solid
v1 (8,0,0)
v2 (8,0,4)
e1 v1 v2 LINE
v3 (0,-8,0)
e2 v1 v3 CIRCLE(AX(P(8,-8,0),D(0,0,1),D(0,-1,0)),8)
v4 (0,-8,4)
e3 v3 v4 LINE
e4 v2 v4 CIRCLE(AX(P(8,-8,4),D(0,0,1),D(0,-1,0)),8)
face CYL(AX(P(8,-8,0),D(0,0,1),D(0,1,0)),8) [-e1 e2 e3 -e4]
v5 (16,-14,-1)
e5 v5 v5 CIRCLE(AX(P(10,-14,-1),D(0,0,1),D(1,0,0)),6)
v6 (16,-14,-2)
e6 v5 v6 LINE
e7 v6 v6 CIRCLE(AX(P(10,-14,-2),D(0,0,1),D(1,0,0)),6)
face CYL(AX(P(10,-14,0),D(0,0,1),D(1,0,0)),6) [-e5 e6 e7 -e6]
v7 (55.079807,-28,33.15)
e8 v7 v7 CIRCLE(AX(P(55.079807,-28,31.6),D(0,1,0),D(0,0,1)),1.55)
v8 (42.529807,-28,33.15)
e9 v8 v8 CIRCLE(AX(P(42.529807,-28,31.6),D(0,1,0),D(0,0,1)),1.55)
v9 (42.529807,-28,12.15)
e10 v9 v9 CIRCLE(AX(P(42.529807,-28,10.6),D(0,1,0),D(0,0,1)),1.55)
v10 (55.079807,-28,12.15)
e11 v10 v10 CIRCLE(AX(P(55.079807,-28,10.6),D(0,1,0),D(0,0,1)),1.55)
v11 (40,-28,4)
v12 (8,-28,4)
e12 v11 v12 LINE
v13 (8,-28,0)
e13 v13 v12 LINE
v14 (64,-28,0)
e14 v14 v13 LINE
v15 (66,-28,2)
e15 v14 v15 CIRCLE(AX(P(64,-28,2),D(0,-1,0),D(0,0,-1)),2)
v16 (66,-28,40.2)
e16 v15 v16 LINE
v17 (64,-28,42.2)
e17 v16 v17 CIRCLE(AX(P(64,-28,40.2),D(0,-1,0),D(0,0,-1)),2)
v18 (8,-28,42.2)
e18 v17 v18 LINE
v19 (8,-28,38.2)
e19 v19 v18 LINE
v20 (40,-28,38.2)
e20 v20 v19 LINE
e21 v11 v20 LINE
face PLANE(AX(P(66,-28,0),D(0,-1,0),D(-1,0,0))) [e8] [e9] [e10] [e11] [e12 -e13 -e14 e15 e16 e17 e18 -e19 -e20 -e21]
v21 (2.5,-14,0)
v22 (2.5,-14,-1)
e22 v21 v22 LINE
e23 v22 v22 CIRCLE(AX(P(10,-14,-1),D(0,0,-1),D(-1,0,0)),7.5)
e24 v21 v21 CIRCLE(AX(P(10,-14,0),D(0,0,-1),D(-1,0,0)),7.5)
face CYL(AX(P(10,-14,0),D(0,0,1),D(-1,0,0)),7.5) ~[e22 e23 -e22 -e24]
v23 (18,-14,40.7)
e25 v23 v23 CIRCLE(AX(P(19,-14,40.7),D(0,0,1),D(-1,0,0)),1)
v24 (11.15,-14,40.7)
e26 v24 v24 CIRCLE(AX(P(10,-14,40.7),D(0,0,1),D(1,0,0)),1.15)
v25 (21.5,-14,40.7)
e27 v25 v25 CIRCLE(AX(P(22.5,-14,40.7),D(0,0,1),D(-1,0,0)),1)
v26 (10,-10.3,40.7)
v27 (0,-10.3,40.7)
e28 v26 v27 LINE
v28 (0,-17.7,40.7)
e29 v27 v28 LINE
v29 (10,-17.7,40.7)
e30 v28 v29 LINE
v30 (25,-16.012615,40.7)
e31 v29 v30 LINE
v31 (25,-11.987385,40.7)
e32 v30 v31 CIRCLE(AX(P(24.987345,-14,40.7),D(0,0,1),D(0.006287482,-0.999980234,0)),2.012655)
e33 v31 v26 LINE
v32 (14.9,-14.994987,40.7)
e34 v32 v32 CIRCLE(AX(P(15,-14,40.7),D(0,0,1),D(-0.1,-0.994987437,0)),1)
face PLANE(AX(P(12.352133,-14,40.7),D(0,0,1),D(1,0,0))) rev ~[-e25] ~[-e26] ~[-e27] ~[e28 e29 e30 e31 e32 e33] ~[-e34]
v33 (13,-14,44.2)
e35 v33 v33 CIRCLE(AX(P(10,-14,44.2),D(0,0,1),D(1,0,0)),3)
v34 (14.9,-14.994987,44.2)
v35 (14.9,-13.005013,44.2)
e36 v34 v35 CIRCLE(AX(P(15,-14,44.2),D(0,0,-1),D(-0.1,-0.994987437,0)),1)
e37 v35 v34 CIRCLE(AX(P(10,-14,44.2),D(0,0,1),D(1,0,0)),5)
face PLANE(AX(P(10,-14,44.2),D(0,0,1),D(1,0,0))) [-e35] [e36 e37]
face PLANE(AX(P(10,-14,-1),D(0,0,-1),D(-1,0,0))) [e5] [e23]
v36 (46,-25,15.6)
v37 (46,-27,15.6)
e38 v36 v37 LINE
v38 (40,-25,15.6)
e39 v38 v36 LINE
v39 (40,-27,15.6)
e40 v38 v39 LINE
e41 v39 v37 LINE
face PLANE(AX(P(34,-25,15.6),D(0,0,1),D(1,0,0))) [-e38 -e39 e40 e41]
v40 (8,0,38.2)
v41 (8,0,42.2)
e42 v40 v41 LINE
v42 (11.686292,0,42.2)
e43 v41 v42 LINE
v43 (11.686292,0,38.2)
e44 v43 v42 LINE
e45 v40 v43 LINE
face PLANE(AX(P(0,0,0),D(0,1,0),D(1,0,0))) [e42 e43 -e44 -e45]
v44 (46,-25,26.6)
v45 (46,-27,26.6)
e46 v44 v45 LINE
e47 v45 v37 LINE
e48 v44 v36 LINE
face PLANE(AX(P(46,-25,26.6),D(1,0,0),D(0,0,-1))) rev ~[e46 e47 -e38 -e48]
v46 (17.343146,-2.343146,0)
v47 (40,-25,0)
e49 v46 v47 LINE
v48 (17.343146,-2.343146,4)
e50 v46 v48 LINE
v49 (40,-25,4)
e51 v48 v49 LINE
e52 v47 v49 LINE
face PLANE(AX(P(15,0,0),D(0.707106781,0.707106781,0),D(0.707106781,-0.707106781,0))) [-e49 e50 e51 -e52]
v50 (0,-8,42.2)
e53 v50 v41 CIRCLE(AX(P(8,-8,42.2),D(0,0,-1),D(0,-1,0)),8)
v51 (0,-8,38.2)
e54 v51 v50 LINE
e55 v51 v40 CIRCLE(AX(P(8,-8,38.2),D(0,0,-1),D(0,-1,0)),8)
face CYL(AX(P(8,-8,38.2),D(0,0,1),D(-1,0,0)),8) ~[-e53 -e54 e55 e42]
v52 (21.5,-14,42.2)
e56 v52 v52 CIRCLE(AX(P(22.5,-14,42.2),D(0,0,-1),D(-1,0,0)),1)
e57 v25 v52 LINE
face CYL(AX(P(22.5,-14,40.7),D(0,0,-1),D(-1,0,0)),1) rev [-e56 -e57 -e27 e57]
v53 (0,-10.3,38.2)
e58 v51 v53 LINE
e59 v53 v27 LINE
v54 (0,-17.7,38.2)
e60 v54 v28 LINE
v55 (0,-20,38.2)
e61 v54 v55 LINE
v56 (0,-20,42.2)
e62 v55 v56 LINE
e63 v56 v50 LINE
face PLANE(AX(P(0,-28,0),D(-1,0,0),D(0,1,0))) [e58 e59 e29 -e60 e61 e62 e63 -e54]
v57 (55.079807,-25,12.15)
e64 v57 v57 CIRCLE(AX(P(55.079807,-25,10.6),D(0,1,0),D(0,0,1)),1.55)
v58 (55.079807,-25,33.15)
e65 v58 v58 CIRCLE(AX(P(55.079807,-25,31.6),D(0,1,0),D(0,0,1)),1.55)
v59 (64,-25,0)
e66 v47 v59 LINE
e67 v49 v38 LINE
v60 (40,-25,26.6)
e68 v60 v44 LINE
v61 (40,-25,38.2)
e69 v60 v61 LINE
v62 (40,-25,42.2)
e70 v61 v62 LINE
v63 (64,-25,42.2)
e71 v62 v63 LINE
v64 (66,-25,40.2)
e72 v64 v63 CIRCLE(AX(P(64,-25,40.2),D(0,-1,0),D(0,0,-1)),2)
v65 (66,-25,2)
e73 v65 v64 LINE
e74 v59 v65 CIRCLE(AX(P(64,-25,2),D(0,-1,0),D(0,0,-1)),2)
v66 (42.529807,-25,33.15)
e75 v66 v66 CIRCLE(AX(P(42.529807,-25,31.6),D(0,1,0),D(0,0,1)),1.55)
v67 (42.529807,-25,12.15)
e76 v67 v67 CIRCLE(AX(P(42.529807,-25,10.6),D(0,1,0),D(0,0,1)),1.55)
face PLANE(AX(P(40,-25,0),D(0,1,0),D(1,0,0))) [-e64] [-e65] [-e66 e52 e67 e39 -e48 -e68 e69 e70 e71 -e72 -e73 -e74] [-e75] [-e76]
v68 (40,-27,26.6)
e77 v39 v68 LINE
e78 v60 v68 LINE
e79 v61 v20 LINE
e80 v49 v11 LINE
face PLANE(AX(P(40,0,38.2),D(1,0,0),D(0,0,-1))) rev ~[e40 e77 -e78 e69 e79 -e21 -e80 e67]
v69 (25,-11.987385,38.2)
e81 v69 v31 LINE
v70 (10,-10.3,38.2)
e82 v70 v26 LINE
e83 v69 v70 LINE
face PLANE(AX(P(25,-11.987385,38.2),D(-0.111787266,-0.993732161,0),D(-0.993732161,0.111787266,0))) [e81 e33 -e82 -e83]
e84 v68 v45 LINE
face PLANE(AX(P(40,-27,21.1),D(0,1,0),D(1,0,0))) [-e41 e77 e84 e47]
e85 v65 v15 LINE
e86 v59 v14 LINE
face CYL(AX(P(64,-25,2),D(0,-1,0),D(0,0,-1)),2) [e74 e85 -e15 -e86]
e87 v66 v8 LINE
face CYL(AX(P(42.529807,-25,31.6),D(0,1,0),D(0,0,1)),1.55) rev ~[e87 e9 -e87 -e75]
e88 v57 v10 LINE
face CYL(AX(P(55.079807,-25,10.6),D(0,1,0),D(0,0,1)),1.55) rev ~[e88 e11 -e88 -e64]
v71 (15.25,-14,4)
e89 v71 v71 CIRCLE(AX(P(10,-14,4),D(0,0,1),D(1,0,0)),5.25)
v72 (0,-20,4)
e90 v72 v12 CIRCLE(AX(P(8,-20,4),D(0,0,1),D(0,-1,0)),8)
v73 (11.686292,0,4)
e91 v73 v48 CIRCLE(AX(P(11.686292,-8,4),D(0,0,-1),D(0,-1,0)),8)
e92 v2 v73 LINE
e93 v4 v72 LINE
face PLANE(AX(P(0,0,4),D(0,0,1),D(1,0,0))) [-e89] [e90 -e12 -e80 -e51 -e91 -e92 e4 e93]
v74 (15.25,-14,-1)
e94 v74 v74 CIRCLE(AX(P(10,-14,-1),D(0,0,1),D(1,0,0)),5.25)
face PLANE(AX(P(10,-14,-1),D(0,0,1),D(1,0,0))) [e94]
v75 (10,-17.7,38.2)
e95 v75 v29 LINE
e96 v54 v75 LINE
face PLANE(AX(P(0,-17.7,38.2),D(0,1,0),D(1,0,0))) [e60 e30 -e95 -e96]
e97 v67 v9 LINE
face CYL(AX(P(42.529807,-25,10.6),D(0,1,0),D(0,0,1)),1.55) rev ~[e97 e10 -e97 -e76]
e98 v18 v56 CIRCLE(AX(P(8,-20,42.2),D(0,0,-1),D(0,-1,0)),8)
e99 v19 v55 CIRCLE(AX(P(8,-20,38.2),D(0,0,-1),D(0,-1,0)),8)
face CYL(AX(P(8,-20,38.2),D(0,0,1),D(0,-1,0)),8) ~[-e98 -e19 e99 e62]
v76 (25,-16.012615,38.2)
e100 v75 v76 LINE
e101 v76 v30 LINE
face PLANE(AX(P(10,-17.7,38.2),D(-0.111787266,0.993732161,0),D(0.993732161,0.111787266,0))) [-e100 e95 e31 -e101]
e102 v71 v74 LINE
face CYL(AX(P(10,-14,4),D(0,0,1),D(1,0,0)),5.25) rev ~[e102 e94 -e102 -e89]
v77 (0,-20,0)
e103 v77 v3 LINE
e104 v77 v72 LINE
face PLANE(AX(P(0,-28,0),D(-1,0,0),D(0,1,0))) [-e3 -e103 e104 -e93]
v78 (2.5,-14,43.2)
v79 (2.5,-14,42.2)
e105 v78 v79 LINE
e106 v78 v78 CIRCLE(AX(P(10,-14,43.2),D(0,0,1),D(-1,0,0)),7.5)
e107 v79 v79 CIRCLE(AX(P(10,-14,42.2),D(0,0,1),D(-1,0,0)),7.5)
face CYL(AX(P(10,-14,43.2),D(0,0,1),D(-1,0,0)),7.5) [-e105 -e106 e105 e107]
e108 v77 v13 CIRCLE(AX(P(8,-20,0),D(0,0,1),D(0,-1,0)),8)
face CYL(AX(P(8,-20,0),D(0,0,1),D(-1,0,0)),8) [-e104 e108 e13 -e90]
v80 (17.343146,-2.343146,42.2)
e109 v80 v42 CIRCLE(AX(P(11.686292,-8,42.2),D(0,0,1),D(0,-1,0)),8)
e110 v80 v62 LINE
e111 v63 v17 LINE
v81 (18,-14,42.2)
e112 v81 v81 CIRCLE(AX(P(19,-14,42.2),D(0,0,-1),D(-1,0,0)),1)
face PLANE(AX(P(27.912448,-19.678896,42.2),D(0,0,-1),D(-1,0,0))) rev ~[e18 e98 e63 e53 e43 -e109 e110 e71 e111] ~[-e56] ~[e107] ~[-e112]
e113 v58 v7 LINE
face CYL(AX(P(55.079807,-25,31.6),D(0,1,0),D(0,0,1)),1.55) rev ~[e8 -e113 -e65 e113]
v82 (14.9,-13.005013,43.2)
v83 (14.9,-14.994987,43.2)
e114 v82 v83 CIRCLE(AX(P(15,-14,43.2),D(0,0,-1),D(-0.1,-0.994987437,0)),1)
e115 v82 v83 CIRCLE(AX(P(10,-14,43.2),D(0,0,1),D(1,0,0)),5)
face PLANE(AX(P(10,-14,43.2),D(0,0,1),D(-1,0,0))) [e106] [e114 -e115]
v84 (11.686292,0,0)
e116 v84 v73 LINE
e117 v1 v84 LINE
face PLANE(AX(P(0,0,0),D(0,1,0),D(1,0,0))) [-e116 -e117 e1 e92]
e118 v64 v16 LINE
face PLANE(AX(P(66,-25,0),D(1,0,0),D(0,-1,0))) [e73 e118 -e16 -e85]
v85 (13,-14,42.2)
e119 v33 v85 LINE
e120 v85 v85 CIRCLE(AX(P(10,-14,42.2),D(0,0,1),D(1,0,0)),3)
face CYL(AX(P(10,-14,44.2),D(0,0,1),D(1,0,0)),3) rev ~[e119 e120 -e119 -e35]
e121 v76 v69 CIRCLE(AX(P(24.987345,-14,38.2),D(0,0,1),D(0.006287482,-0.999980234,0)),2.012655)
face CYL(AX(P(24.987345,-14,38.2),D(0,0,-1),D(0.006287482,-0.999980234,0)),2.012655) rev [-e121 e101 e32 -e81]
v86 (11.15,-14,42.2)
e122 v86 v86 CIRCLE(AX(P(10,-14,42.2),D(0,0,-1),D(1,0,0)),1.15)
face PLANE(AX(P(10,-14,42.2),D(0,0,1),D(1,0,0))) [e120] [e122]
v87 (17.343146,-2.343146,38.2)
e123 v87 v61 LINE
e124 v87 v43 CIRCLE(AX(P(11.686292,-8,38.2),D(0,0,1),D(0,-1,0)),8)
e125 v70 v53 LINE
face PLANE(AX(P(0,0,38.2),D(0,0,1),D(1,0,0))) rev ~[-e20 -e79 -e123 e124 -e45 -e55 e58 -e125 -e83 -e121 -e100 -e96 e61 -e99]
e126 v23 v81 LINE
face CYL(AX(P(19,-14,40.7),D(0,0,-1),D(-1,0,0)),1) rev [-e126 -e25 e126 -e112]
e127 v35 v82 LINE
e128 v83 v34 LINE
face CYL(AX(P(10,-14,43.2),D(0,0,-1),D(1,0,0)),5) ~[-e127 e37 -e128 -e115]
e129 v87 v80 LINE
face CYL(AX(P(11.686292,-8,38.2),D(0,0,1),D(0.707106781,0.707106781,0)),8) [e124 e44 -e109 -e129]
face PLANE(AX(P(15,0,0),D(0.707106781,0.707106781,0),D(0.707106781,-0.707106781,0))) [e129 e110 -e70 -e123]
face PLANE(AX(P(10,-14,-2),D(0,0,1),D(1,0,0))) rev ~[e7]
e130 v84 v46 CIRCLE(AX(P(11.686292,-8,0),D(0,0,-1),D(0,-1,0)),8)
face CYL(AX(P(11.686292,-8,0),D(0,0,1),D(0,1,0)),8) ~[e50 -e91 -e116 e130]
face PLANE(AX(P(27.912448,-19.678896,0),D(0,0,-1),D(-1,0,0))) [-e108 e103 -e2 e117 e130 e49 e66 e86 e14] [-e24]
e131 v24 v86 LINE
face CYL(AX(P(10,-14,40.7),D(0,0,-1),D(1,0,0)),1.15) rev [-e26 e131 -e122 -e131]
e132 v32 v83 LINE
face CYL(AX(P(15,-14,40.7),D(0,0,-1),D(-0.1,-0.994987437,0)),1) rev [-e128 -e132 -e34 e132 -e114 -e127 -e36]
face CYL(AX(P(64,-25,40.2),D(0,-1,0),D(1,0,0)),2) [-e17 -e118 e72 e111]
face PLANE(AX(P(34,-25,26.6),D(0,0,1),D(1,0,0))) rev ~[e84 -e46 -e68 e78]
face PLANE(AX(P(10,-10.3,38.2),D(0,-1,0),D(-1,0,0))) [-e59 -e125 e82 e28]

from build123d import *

# Parameters (mm, degrees)
PERFIL_LATERAL_DEPTH        = 42.2
SKETCH7_W                   = 40
SKETCH7_H                   = 34.2
CORTE_VERTICAL_PERFIL_DEPTH = 84.191586113
SKETCH8_R                   = 6
SOPORTE_AL_EJE_GIRO_1_DEPTH = 2
SKETCH10_R                  = 7.5
SOPORTE_AL_EJE_GIRO_2_DEPTH = 1
SKETCH11_R                  = 5.25
EJE_GIRO_DEPTH              = 5
SERVO_HORN_BED_DEPTH        = 2.5
SKETCH13_R                  = 1.55
HUECOS_BASE_LASER_DEPTH     = 83.230408001
FILLET1_R                   = 8
DECORACION_START            = 1
SKETCH14_R                  = 7.5
DECORACION_HORN_DEPTH       = 1
SKETCH15_R                  = 5
DECORACION_HORN_2_DEPTH     = 1
TORNILLOS_HORN_DEPTH        = 85.22374962
TORNILLOS_HORN_DEPTH_BACK   = 1.5
SKETCH12_R                  = 1.15
SKETCH12_R_2                = 1
SKETCH16_R                  = 3
CABEZA_TORNILLO_HORN_DEPTH  = 2
SKETCH17_W                  = 12
SKETCH17_H                  = 11
CUT_EXTRUDE9_DEPTH          = 2
FILLET2_R                   = 2


with BuildPart() as part:
    # Sketch6 → Perfil lateral (new body)
    with BuildSketch(Plane.XY):
        Polygon((0, 0), (15, 0), (40, -25), (66, -25), (66, -28), (0, -28), align=None)
    extrude(amount=PERFIL_LATERAL_DEPTH)

    # Sketch7 → Corte vertical perfil (cut, through all)
    with BuildSketch(Plane(origin=(0, 0, 0), x_dir=(1, 0, 0), z_dir=(0, 1, 0))):
        with Locations((20, -21.1)):
            Rectangle(SKETCH7_W, SKETCH7_H)
    extrude(amount=-CORTE_VERTICAL_PERFIL_DEPTH, mode=Mode.SUBTRACT)

    # Sketch8 → soporte al eje giro 1 (add)
    with BuildSketch(Plane.XY):
        with Locations((10, -14)):
            Circle(SKETCH8_R)
    extrude(amount=-SOPORTE_AL_EJE_GIRO_1_DEPTH)

    # Sketch10 → soporte al eje giro 2 (add)
    with BuildSketch(Plane(origin=(0, 0, 0), x_dir=(-1, 0, 0), z_dir=(0, 0, -1))):
        with Locations((-10, -14)):
            Circle(SKETCH10_R)
    extrude(amount=SOPORTE_AL_EJE_GIRO_2_DEPTH)

    # Sketch11 → eje giro (cut)
    with BuildSketch(Plane.XY.offset(4)):
        with Locations((10, -14)):
            Circle(SKETCH11_R)
    extrude(amount=-EJE_GIRO_DEPTH, mode=Mode.SUBTRACT)

    # Sketch9 → servo horn bed (cut)
    with BuildSketch(Plane.XY.offset(38.2)):
        with BuildLine():
            Line((0, -17.7), (10, -17.7))
            Line((10, -17.7), (25, -16.012614746))
            ThreePointArc((25, -16.012614746), (27, -14), (25, -11.987385254))
            Line((25, -11.987385254), (10, -10.3))
            Line((10, -10.3), (0, -10.3))
            Line((0, -10.3), (0, -17.7))
        make_face()
    extrude(amount=SERVO_HORN_BED_DEPTH, mode=Mode.SUBTRACT)

    # Sketch13 → Huecos base laser (cut, through all)
    with BuildSketch(Plane(origin=(0, -25, 0), x_dir=(1, 0, 0), z_dir=(0, 1, 0))):
        with Locations(Location((55.079807472, -31.6, 0), (0, 0, 270))):
            Circle(SKETCH13_R)
        with Locations(Location((42.529807472, -31.6, 0), (0, 0, 270))):
            Circle(SKETCH13_R)
        with Locations(Location((42.529807472, -10.6, 0), (0, 0, 270))):
            Circle(SKETCH13_R)
        with Locations(Location((55.079807472, -10.6, 0), (0, 0, 270))):
            Circle(SKETCH13_R)
    extrude(amount=-HUECOS_BASE_LASER_DEPTH, mode=Mode.SUBTRACT)

    # Fillet1
    fillet1_edges = [part.edges().sort_by_distance(p)[0] for p in [
        (0, 0, 40.2),
        (15, 0, 40.2),
        (0, -28, 40.2),
        (0, 0, 2),
        (15, 0, 2),
        (0, -28, 2),
    ]]
    fillet(fillet1_edges, radius=FILLET1_R)

    # Sketch14 → Decoracion horn (add)
    with BuildSketch(Plane.XY.offset(42.2).offset(DECORACION_START)):
        with Locations(Location((10, -14, 0), (0, 0, 180))):
            Circle(SKETCH14_R)
    extrude(amount=-DECORACION_HORN_DEPTH)

    # Sketch15 → Decoracion Horn 2 (add)
    with BuildSketch(Plane.XY.offset(43.2)):
        with Locations((10, -14)):
            Circle(SKETCH15_R)
    extrude(amount=DECORACION_HORN_2_DEPTH)

    # Sketch12 → Tornillos horn (cut, two sides: drawn at the far end of the back side and taken through both)
    with BuildSketch(Plane.XY.offset(42.2).offset(-TORNILLOS_HORN_DEPTH_BACK)):
        with Locations((10, -14)):
            Circle(SKETCH12_R)
        with Locations(Location((15, -14, 0), (0, 0, 264.260829523))):
            Circle(SKETCH12_R_2)
        with Locations(Location((19, -14, 0), (0, 0, 180))):
            Circle(SKETCH12_R_2)
        with Locations(Location((22.5, -14, 0), (0, 0, 180))):
            Circle(SKETCH12_R_2)
    extrude(amount=TORNILLOS_HORN_DEPTH + TORNILLOS_HORN_DEPTH_BACK, mode=Mode.SUBTRACT)

    # Sketch16 → cabeza tornillo horn (cut)
    with BuildSketch(Plane.XY.offset(44.2)):
        with Locations((10, -14)):
            Circle(SKETCH16_R)
    extrude(amount=-CABEZA_TORNILLO_HORN_DEPTH, mode=Mode.SUBTRACT)

    # Sketch17 → Cut-Extrude9 (cut)
    with BuildSketch(Plane(origin=(0, -25, 0), x_dir=(1, 0, 0), z_dir=(0, 1, 0))):
        with Locations((40, -21.1)):
            Rectangle(SKETCH17_W, SKETCH17_H)
    extrude(amount=-CUT_EXTRUDE9_DEPTH, mode=Mode.SUBTRACT)

    # Fillet2
    fillet2_edges = [part.edges().sort_by_distance(p)[0] for p in [
        (66, -26.5, 42.2),
        (66, -26.5, 0),
    ]]
    fillet(fillet2_edges, radius=FILLET2_R)


solid = part.part
